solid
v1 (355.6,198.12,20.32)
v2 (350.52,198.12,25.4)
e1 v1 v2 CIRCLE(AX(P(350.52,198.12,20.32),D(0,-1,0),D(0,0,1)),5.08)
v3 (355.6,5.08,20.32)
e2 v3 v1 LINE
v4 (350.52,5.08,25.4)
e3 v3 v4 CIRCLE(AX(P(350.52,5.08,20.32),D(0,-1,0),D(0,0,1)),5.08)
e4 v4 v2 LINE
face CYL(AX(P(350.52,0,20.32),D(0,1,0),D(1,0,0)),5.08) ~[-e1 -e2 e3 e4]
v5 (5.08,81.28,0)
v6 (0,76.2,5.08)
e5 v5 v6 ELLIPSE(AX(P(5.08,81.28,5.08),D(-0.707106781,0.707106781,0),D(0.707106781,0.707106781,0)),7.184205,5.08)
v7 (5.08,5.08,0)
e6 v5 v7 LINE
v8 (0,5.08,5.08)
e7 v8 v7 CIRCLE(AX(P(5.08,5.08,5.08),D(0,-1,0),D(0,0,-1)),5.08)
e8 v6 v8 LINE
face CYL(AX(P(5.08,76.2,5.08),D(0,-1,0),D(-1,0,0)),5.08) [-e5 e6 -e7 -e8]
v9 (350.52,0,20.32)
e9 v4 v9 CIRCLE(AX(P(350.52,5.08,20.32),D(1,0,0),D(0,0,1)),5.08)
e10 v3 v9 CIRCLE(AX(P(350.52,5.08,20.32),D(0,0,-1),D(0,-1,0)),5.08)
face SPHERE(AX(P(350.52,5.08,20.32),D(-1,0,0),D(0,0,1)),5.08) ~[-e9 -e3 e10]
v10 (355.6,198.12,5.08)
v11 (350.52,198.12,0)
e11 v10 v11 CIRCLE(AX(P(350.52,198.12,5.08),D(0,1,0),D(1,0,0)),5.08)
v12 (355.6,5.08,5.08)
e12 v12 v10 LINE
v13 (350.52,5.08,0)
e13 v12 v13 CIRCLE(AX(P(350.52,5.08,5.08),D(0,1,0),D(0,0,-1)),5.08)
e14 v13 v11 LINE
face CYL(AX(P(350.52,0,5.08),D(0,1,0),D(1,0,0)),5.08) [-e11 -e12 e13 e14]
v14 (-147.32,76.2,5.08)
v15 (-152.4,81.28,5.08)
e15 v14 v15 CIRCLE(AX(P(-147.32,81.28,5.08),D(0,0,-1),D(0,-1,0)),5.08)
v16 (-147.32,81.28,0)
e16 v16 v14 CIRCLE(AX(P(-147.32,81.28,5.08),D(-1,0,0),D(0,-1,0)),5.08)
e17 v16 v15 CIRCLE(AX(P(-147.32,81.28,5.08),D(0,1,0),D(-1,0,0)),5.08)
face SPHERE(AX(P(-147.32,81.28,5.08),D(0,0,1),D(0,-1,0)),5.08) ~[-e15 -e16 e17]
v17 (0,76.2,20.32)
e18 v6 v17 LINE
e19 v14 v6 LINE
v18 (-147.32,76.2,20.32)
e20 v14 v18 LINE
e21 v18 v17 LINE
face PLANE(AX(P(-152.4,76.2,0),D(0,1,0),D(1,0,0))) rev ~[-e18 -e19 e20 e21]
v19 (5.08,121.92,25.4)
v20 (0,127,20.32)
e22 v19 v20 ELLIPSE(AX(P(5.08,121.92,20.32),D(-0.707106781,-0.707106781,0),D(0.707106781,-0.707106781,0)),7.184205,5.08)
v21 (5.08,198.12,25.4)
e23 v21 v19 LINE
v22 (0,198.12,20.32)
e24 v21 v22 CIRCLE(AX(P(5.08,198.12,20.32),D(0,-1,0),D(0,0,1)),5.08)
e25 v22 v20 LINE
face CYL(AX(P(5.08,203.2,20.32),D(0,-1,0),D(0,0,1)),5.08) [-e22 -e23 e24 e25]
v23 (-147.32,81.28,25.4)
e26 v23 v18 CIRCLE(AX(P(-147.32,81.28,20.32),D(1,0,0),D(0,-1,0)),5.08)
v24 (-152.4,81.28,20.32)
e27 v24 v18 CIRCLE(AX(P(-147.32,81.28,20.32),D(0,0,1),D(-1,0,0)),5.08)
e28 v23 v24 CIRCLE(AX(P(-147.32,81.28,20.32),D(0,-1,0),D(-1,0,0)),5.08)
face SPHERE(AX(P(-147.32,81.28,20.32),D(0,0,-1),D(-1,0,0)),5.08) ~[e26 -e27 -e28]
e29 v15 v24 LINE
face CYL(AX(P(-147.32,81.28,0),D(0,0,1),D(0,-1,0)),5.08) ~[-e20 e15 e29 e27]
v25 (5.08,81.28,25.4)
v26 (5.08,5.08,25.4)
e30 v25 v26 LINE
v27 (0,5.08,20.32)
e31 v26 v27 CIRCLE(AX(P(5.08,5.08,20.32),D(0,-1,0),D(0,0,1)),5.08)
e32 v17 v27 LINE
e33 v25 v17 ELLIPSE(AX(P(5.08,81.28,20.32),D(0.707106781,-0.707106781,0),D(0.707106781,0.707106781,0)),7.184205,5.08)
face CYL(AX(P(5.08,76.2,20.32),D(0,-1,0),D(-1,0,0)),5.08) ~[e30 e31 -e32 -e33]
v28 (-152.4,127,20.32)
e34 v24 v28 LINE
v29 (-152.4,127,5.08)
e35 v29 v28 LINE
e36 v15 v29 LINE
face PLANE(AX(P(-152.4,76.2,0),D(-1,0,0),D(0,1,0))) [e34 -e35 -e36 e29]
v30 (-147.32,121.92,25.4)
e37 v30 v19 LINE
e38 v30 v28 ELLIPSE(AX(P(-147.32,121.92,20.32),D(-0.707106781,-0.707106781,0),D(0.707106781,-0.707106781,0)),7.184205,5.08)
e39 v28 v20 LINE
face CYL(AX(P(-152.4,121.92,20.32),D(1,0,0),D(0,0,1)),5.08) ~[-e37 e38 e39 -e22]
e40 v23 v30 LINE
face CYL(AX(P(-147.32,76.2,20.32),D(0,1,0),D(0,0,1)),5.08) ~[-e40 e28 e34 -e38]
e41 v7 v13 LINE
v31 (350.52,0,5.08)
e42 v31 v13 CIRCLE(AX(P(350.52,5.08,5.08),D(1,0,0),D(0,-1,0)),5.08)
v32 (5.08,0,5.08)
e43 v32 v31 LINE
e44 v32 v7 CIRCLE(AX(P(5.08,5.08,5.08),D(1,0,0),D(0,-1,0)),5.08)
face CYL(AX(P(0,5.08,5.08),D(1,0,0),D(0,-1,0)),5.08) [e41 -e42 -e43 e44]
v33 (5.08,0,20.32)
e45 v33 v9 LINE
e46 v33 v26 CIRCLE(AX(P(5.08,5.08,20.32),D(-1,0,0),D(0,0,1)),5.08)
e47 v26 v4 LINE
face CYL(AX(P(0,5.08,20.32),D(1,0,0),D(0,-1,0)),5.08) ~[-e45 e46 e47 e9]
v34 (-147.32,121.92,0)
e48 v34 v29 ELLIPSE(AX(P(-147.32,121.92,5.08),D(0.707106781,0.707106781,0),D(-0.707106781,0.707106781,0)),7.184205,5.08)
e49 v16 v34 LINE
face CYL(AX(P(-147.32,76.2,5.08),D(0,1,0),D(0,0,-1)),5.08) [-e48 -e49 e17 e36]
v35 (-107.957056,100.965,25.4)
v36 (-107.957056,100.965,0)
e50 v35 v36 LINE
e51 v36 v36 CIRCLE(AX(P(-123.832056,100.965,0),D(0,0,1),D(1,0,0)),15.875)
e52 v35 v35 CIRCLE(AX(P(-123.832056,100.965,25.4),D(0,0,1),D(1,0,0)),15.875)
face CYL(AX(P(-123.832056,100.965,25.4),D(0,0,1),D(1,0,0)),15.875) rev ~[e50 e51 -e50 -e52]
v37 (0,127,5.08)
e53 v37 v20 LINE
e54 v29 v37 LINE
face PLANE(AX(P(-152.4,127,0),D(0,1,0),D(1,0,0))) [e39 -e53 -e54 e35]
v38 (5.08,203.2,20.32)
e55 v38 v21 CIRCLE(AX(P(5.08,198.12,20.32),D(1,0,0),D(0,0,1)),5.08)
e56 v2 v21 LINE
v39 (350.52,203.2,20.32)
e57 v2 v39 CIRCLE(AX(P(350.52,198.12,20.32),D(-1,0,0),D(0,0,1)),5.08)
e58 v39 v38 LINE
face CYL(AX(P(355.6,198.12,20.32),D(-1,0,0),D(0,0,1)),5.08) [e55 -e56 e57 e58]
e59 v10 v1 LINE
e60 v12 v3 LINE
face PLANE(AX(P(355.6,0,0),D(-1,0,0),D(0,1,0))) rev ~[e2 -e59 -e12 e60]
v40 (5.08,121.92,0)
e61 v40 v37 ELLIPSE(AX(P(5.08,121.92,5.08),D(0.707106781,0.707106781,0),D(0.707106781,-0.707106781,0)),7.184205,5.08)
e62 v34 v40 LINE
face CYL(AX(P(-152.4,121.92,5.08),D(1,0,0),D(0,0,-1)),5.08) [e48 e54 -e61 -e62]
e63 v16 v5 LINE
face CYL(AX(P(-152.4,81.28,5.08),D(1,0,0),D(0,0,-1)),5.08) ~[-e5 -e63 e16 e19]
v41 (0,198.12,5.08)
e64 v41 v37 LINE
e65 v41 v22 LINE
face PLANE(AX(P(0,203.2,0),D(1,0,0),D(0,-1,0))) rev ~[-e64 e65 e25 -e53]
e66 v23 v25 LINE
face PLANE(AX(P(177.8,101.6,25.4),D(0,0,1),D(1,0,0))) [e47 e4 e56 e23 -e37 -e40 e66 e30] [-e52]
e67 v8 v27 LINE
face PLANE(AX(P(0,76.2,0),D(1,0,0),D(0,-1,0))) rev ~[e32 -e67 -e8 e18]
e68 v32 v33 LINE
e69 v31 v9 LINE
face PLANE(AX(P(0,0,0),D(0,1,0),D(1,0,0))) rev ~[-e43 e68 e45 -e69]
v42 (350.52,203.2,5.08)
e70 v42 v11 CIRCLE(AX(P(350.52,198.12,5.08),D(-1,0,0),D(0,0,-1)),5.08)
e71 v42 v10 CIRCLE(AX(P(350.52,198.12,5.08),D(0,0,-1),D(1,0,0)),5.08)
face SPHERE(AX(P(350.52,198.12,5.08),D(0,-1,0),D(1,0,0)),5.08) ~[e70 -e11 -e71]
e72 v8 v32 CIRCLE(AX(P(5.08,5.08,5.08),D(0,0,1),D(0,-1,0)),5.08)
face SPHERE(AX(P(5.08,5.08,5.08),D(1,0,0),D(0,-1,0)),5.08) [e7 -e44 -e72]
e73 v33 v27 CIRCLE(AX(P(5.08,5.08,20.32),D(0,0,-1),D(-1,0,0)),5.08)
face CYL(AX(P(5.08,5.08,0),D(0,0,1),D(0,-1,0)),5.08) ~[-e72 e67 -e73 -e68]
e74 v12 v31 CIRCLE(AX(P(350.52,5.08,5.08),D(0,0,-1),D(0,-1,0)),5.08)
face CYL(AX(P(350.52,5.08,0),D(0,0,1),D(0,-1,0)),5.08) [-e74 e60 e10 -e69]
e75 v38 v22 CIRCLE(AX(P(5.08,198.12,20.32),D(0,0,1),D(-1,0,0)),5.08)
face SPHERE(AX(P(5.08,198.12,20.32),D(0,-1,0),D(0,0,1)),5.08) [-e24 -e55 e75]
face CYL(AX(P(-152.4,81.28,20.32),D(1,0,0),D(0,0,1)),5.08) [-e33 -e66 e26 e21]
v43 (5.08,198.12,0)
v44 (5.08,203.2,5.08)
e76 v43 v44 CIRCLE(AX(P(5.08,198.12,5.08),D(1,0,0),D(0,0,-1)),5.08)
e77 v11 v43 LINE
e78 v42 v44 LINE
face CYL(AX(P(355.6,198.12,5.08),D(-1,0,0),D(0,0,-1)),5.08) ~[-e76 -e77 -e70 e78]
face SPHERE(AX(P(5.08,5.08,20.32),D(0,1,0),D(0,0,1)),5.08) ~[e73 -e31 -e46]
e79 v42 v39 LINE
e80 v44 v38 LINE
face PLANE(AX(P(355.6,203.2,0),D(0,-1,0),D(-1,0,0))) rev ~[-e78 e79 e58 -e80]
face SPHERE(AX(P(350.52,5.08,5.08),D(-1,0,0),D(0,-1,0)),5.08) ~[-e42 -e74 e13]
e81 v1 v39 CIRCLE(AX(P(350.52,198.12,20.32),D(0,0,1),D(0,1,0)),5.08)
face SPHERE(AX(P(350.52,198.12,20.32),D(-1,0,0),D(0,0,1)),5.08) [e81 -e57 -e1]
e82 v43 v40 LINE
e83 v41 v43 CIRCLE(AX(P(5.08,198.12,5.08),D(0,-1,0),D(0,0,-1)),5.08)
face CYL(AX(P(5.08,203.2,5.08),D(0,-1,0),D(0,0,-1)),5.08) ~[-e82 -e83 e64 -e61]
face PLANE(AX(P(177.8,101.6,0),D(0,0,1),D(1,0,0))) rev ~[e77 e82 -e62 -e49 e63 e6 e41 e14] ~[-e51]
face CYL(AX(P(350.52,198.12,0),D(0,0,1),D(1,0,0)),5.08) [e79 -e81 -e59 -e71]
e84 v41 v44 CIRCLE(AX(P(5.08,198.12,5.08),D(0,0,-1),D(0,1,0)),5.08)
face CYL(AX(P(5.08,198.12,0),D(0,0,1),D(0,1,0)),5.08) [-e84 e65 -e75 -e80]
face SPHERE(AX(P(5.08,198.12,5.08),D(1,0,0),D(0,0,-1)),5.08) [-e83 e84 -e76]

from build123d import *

# Parameters (mm, degrees)
F0_W     = 152.4
F0_H     = 50.8
F1_DEPTH = 25.4
F2_R     = 15.875
F4_DEPTH = 25.401
F5_R     = 5.08


with BuildPart() as f1:
    # F0 (on Top) → F1 (new body)
    with BuildSketch(Plane.XY):
        Polygon((0, 76.2), (0, 0), (355.6, 0), (355.6, 203.2), (0, 203.2), (0, 127), align=None)
        with Locations((-76.2, 101.6)):
            Rectangle(F0_W, F0_H)
    extrude(amount=F1_DEPTH)

    # F2 (on face) → F4 (cut, through all)
    with BuildSketch(Plane.XY.offset(25.4)):
        with Locations((-123.832056, 100.965)):
            Circle(F2_R)
    extrude(amount=-F4_DEPTH, mode=Mode.SUBTRACT)

    # F5
    f5_edges = [f1.edges().sort_by_distance(p)[0] for p in [
        (-152.4, 76.2, 12.7),
        (-76.2, 127, 25.4),
        (-152.4, 101.6, 25.4),
        (-76.2, 76.2, 25.4),
        (-76.2, 76.2, 0),
        (0, 38.1, 25.4),
        (0, 165.1, 25.4),
        (177.8, 203.2, 25.4),
        (177.8, 0, 25.4),
        (177.8, 0, 0),
        (0, 0, 12.7),
        (355.6, 101.6, 25.4),
        (355.6, 0, 12.7),
        (355.6, 101.6, 0),
        (355.6, 203.2, 12.7),
        (177.8, 203.2, 0),
        (0, 38.1, 0),
        (0, 165.1, 0),
        (0, 203.2, 12.7),
        (-152.4, 101.6, 0),
        (-76.2, 127, 0),
    ]]
    fillet(f5_edges, radius=F5_R)


solid = f1.part
